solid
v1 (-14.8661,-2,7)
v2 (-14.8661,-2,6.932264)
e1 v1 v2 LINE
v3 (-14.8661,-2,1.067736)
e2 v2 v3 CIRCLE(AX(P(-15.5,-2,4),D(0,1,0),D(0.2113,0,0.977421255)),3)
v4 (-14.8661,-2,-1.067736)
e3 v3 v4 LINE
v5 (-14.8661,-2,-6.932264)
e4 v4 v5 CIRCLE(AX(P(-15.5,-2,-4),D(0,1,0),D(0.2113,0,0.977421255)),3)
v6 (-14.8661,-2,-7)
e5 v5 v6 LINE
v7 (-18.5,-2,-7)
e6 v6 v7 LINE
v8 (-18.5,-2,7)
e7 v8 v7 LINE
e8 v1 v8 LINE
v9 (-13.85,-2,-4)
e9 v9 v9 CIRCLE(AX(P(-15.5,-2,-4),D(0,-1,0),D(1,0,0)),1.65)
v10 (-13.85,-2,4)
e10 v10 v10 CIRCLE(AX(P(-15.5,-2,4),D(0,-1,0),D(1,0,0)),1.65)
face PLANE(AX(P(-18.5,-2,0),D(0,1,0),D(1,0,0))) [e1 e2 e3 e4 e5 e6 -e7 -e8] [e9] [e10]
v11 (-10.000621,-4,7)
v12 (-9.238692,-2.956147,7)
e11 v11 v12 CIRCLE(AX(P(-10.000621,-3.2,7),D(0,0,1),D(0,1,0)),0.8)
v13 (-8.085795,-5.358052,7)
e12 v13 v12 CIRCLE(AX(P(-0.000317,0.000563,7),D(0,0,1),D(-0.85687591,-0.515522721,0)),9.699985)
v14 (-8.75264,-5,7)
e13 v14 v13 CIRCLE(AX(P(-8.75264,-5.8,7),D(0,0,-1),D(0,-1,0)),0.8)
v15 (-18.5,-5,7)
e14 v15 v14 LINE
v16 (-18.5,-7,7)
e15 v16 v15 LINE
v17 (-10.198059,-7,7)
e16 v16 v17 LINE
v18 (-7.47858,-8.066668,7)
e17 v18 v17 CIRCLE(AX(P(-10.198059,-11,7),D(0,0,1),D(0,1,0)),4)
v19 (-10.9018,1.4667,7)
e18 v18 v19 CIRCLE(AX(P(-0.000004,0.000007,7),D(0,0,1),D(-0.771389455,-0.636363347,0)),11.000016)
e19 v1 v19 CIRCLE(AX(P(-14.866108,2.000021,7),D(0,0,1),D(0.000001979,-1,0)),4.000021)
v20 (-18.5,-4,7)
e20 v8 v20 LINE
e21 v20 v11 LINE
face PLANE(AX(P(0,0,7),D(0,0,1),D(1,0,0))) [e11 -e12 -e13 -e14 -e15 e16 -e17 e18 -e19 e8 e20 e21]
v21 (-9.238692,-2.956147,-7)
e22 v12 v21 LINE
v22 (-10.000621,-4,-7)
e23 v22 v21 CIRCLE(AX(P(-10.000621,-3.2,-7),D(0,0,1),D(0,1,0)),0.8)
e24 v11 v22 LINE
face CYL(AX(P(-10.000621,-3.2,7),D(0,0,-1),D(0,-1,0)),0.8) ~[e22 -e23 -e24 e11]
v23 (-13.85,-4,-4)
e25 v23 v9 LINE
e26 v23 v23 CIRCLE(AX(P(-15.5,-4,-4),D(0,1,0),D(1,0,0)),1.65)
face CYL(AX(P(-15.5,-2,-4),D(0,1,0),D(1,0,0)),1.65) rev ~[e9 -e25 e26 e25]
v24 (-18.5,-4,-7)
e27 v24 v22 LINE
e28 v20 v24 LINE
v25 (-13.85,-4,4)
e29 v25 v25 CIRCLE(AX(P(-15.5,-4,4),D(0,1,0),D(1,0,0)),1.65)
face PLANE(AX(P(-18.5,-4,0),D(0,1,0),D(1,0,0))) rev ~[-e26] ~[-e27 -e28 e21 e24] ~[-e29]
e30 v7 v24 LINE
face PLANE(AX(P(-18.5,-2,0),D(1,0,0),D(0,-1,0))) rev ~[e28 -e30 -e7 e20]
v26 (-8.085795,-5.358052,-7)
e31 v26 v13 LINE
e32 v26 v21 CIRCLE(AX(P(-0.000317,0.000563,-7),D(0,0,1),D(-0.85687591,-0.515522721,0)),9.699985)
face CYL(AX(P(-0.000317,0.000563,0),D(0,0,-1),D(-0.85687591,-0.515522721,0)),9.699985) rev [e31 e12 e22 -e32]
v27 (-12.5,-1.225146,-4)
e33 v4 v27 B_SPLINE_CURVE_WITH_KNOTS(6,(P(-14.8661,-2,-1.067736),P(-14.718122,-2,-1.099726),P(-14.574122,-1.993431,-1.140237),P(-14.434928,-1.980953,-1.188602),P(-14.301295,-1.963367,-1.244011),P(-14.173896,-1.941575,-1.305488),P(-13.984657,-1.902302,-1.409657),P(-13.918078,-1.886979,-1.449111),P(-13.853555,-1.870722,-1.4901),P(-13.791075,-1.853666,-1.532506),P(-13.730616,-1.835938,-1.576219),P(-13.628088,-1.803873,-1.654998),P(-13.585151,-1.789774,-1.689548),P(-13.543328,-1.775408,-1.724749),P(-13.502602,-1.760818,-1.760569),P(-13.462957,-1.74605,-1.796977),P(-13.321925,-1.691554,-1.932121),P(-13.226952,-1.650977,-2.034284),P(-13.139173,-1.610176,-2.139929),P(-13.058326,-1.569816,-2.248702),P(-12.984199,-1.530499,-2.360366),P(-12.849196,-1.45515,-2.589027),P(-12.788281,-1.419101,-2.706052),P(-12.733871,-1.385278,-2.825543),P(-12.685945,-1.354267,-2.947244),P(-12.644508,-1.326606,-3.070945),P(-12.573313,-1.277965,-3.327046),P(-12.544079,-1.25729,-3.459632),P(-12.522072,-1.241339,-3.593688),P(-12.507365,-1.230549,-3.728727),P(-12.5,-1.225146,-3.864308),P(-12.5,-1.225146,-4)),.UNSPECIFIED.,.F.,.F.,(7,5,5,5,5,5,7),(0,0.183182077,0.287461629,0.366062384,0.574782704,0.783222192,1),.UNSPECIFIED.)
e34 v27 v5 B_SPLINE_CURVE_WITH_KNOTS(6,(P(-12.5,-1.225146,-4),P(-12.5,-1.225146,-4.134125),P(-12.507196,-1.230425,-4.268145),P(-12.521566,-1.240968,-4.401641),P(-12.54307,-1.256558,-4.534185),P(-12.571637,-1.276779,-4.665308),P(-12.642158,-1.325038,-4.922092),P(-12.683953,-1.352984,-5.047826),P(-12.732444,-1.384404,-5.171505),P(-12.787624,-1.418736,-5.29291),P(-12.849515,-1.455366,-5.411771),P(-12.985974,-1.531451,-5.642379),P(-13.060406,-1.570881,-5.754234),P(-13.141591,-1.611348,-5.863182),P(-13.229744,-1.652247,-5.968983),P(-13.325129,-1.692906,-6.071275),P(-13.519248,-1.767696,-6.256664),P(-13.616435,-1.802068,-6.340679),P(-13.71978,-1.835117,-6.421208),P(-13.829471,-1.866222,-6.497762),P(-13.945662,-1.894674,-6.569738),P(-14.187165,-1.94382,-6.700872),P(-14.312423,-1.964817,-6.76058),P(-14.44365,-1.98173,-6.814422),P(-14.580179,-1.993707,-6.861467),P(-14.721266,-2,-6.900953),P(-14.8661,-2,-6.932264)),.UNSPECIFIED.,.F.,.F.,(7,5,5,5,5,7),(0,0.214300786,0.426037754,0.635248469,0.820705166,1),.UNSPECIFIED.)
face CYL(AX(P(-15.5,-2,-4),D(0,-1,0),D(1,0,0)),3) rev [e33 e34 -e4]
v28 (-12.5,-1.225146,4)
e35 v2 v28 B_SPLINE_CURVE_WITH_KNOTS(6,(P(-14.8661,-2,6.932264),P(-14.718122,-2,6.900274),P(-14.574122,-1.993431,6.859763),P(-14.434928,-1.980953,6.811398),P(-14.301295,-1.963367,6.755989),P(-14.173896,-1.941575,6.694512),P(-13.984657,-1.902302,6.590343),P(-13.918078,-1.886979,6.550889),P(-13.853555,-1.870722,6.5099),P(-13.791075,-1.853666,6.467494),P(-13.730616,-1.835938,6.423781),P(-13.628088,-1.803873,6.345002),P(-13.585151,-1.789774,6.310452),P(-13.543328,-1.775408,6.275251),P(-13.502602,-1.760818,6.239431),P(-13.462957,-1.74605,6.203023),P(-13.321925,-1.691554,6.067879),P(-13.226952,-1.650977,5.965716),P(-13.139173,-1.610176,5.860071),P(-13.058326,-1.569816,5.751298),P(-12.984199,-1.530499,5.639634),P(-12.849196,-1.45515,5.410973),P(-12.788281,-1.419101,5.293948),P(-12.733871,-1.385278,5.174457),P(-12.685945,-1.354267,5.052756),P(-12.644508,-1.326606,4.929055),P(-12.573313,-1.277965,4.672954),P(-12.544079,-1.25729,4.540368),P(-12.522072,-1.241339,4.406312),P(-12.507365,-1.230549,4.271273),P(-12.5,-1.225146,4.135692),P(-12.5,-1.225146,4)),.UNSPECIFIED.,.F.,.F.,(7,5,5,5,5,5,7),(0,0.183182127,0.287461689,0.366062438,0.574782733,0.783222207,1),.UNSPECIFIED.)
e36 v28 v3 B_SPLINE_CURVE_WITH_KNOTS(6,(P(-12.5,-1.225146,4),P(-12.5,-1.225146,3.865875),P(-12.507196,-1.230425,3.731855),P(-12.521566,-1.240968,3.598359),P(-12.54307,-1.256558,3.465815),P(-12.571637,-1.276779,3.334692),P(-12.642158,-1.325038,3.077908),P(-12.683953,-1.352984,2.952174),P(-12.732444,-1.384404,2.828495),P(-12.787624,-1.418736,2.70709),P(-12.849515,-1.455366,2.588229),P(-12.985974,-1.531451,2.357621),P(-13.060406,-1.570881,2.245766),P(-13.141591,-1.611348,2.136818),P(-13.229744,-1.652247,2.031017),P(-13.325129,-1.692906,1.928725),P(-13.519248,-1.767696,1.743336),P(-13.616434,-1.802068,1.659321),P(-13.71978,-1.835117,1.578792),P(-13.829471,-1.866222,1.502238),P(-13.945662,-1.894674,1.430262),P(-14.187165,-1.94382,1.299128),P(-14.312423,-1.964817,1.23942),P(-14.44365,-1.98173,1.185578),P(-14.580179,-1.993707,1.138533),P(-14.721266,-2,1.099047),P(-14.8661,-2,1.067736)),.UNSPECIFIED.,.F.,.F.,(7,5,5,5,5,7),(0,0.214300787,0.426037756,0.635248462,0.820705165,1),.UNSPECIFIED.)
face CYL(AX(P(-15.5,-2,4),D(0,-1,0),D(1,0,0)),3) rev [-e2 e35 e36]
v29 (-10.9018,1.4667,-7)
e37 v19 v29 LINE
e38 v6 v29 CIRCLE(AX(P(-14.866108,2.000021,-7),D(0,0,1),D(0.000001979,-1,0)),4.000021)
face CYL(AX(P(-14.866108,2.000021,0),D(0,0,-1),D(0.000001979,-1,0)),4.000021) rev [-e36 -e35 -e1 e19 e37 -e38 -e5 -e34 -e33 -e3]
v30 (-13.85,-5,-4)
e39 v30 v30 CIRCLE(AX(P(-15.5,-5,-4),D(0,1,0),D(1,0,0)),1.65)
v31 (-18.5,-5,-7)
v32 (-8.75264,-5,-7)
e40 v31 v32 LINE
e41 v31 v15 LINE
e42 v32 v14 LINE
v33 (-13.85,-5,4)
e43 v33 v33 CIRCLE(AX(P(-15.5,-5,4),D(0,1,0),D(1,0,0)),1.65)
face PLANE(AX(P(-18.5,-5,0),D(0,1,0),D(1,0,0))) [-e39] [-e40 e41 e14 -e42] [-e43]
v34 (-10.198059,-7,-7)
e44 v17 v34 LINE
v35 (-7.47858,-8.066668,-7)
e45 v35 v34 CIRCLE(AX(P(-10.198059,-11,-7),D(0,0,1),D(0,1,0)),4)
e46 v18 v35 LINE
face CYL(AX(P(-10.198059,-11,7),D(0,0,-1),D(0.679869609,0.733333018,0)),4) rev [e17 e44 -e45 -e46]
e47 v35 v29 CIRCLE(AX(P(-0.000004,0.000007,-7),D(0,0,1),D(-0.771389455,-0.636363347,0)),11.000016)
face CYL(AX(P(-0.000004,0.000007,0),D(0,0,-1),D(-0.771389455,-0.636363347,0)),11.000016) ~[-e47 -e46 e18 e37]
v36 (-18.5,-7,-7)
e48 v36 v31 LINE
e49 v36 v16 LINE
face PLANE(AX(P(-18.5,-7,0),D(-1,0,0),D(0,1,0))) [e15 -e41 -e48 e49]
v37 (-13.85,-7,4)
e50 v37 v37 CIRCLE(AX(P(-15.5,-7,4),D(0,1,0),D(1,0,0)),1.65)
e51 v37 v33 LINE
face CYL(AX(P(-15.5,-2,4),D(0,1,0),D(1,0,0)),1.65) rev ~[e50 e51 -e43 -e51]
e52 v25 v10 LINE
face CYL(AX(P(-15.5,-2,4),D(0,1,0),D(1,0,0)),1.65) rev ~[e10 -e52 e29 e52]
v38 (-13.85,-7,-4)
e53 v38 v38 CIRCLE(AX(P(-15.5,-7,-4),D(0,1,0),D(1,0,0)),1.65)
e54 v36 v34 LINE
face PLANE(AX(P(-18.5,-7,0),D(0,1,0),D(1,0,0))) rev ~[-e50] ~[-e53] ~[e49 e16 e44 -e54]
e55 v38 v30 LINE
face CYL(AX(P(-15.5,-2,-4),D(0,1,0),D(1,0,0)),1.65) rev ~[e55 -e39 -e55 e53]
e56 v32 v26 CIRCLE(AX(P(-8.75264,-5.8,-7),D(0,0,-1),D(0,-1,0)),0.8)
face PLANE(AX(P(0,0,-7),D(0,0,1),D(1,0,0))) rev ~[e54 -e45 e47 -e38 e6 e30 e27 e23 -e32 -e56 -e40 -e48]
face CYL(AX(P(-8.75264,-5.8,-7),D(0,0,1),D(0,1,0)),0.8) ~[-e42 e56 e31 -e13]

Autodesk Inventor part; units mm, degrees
ref_plane "YZ Plane" through (0, 0, 0) normal (1, 0, 0) x (0, 1, 0)
ref_plane "XZ Plane" through (0, 0, 0) normal (0, 1, 0) x (-1, 0, 0)
ref_plane "XY Plane" through (0, 0, 0) normal (0, 0, 1) x (1, 0, 0)
sketch "Skizze1" plane through (0, 0, 0) normal (0, 0, 1) x (1, 0, 0)
  arc A0 (-8.312, -5) -> (-8.8369, -4) centre (0, 0) ccw
  line L0 (-18.5, -7) -> (-8.4853, -7)
  line L1 (-18.5, -7) -> (-18.5, -5)
  line L2 (-18.5, -5) -> (-8.312, -5)
  line L3 (-18.5, -2) -> (-18.5, -4)
  line L4 (-18.5, -4) -> (-8.8369, -4)
  line L5 (-18.5, -2) -> (-14.8661, -2)
  arc A1 (-8.4853, -7) -> (-10.9018, 1.4667) centre (0, 0) ccw
  arc A2 (-14.8661, -2) -> (-10.9018, 1.4667) centre (-14.8661, 2) ccw
  point P0 (-10.8167, -2)
  dimension "d0" = 19.4
  dimension "d2" = 2
  dimension "d4" = 1
  dimension "d5" = 18.5
  dimension "d6" = 4
  dimension "d7" = 1.3
  dimension "d19" = 10.0147
  dimension "d27" = 4
  dimension "d28" = 3.6339
extrude "Extrusion1" add sketch "Skizze1" along normal mid plane 14
sketch "Skizze2" plane through (-18.5, -2, 7) normal (0, 1, 0) x (1, 0, 0)
  circle A0 centre (3, 11) radius 1.65
  line L0 (0, 14) -> (3.6339, 14) projected
  line L1 (0, 14) -> (0, 0) projected
  line L2 (0, 14) -> (0, 0) construction
  line L3 (0, 7) -> (7.2294, 7) construction
  circle A1 centre (3, 3) radius 1.65
  circle A2 centre (3, 11) radius 3
  circle A3 centre (3, 3) radius 3
  point P0 (18.5, 7)
  point P1 (9.7894, 16)
  point P2 (0, 3)
  point P3 (0, 1.3417)
  point P4 (1.1676, 16)
  point P5 (0, 11)
  point P6 (0, 11.3417)
  point P7 (3, 14)
  dimension "d10" = 3
  dimension "d12" = 3.3
  dimension "d20" = 6
  dimension "d29" = 3
extrude "Extrusion2" cut sketch "Skizze2" against normal through all both and the other way through all contours A0 | A1
fillet "Rundung2" radius 4 1 edges at (-8.4853, -7, 0)
fillet "Rundung3" radius 0.8 2 edges at (-8.8369, -4, 0) (-8.312, -5, 0)
extrude "Extrusion4" cut sketch "Skizze2" along normal blind 10 contours A3 | A2
properties part number "Halterung_Pumpe_210403"
